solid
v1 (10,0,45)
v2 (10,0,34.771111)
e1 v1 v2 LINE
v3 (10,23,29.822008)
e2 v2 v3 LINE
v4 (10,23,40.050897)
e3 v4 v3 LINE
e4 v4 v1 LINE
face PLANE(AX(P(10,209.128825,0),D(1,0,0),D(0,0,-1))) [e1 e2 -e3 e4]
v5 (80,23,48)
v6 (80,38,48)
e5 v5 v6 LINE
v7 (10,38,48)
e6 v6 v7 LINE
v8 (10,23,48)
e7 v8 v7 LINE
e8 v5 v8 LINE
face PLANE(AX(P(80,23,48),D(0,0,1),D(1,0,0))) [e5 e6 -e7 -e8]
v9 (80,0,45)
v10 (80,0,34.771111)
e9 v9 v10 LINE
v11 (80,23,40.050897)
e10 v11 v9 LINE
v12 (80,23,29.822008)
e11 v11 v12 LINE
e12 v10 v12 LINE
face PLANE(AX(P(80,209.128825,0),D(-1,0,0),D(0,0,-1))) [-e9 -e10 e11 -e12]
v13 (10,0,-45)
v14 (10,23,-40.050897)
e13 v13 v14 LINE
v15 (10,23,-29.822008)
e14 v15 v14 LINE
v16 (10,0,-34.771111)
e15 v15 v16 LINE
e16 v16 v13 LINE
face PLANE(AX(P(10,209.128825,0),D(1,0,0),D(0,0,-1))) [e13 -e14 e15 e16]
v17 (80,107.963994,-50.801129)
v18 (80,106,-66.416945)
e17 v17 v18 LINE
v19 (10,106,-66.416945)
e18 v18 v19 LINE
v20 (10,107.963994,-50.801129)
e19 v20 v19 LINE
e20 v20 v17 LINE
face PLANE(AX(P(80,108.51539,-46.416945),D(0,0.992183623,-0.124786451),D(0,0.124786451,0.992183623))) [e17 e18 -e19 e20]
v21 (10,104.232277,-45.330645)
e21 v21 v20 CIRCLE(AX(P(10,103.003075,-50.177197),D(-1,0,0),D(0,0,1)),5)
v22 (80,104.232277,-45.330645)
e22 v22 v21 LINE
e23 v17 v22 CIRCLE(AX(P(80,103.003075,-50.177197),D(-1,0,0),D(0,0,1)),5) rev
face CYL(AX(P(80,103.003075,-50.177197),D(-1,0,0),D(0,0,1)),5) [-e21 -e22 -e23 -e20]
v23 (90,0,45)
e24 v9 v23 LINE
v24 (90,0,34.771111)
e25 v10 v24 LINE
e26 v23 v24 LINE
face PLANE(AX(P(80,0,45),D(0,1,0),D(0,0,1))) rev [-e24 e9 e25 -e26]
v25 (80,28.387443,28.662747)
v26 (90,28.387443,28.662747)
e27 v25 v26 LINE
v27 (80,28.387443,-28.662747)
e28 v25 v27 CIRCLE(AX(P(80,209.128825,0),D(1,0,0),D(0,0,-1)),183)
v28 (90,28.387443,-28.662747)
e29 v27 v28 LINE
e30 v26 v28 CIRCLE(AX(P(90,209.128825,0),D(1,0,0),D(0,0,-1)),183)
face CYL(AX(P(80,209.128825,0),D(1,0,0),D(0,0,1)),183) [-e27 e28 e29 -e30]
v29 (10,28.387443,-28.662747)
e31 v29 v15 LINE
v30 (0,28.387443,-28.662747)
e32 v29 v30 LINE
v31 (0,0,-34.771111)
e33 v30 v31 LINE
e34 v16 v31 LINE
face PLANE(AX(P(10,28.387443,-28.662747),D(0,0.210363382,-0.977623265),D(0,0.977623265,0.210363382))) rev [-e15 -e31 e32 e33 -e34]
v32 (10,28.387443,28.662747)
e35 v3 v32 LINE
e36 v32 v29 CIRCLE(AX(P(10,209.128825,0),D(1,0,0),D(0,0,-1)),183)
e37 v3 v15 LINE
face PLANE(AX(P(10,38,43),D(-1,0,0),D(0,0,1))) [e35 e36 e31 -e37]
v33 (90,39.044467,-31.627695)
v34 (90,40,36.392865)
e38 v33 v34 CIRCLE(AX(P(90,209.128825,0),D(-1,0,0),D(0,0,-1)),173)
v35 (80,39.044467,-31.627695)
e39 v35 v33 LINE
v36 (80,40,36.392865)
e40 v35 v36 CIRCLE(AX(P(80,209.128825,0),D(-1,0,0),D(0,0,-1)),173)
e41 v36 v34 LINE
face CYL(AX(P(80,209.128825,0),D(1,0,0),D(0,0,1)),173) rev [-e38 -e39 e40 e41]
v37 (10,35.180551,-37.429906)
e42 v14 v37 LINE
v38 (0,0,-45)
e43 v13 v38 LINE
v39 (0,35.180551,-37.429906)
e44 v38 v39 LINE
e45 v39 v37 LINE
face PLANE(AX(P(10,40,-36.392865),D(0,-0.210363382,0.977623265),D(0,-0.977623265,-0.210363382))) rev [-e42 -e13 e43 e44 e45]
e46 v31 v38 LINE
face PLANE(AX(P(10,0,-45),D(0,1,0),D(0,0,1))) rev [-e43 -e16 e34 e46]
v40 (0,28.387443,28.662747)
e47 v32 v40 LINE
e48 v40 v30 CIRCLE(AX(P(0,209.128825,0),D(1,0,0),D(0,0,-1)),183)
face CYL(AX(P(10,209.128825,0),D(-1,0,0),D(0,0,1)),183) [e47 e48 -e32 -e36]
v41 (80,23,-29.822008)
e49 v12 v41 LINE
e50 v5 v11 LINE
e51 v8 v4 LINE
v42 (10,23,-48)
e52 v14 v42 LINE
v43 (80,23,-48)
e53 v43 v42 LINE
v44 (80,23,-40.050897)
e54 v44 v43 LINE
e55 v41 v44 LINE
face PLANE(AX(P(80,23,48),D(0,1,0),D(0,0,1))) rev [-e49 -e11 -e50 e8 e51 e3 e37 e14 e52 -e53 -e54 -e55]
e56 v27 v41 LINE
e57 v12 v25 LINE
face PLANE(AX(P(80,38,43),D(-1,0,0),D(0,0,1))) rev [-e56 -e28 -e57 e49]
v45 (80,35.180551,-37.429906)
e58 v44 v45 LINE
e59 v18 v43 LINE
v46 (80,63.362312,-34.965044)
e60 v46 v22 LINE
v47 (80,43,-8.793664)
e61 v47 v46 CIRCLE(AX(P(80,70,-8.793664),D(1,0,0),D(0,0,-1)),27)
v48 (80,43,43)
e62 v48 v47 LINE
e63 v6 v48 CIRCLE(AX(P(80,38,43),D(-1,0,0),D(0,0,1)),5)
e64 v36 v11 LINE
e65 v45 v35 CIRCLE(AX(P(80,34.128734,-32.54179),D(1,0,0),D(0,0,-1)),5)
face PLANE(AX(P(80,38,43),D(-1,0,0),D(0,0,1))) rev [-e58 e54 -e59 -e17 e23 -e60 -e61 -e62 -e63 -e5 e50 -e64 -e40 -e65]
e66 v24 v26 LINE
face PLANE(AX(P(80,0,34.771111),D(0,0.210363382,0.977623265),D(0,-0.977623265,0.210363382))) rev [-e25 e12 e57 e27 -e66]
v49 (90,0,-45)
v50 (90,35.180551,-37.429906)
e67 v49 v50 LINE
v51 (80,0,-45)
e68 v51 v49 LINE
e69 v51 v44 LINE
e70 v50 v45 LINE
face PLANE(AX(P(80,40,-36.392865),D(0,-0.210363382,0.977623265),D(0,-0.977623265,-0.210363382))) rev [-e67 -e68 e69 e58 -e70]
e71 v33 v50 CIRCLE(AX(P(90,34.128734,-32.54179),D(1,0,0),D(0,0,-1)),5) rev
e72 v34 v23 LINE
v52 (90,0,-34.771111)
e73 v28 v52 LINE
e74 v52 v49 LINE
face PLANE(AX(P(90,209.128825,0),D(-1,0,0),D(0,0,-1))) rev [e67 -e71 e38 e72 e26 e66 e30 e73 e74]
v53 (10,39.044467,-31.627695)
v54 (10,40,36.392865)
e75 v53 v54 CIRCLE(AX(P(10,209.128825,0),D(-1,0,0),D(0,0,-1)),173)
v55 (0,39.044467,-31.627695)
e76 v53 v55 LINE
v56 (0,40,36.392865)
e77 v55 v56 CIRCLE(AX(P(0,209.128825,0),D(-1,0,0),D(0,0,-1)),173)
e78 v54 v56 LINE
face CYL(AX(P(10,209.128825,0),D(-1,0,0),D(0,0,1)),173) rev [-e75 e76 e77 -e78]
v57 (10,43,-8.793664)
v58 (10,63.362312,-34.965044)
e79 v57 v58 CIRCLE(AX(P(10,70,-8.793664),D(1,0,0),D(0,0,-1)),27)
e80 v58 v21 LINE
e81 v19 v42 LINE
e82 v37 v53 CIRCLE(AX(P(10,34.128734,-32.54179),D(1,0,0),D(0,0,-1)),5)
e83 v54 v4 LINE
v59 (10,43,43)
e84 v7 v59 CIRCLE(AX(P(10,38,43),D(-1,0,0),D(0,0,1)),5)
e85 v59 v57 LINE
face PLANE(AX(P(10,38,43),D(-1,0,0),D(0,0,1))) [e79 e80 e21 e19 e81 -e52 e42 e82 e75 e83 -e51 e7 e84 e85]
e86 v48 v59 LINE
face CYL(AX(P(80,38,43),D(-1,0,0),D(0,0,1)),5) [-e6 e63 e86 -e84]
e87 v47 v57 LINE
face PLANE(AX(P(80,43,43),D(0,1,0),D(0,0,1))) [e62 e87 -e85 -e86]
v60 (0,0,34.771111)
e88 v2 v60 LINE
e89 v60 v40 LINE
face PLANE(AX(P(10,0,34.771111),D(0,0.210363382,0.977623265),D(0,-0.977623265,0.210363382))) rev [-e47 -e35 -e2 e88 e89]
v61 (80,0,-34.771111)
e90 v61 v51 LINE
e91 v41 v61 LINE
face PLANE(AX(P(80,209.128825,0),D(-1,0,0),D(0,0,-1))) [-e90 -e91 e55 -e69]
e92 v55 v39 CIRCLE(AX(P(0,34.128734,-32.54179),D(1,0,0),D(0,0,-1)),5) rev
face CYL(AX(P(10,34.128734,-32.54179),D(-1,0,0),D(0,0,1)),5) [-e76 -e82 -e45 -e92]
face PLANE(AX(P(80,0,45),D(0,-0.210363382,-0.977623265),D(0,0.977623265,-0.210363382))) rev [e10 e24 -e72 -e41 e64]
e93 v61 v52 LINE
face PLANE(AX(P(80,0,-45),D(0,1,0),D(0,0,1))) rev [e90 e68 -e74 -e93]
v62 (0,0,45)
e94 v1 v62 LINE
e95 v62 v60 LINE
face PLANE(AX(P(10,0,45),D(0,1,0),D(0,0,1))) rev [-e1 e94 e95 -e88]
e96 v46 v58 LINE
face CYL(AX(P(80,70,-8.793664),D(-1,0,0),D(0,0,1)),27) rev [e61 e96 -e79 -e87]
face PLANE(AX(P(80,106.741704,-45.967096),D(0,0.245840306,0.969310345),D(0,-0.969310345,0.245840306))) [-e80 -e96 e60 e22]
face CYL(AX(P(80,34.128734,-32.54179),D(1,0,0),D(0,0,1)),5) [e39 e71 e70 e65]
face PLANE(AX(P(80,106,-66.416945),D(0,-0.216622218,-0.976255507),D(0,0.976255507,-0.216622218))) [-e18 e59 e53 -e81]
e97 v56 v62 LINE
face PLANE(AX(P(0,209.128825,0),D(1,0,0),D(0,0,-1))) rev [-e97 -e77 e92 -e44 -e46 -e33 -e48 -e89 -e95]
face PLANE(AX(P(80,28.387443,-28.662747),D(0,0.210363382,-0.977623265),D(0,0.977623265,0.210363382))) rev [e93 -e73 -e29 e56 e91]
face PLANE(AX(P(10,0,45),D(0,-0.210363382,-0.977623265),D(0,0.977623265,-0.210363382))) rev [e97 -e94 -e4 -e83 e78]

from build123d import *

# Parameters (mm, degrees)
BOSS_EXTRUDE1_DEPTH = 10
FILLET1_R           = 5
BOSS_EXTRUDE2_DEPTH = 35
FILLET2_R           = 5


with BuildPart() as part:
    # Sketch1 → Boss-Extrude1 (new body)
    with BuildSketch(Plane(origin=(0, 0, 0), x_dir=(0, 0, -1), z_dir=(1, 0, 0))):
        with BuildLine():
            Line((-45, 0), (-36.39286513, 40))
            ThreePointArc((-36.39286513, 40), (0, 36.128824769), (36.39286513, 40))
            Line((36.39286513, 40), (45, 0))
            Line((45, 0), (34.771110854, 0))
            Line((34.771110854, 0), (28.662747002, 28.387443413))
            ThreePointArc((28.662747002, 28.387443413), (0, 26.128824769), (-28.662747002, 28.387443413))
            Line((-28.662747002, 28.387443413), (-34.771110854, 0))
            Line((-34.771110854, 0), (-45, 0))
        make_face()
    extrude(amount=BOSS_EXTRUDE1_DEPTH)

    # Fillet1
    fillet1_edges = [part.edges().sort_by_distance(p)[0] for p in [
        (5, 40, -36.39286513),
    ]]
    fillet(fillet1_edges, radius=FILLET1_R)


with BuildPart() as body_2:
    # Mirror3: mirrored copy
    add(part.part.mirror(Plane(origin=(45, 0, 0), x_dir=(0, 0, 1), z_dir=(1, 0, 0))))


with BuildPart() as part_1:
    add(part.part)

    add(body_2.part)  # Boss-Extrude2 merges body 2
    # Sketch2 → Boss-Extrude2 (add, symmetric)
    with BuildSketch(Plane(origin=(45, 0, 0), x_dir=(0, 0, -1), z_dir=(1, 0, 0))):
        with BuildLine():
            Line((-48, 23), (48, 23))
            Line((48, 23), (66.416945106, 106))
            Line((66.416945106, 106), (46.416945106, 108.51539025))
            Line((46.416945106, 108.51539025), (45.96709586, 106.741704173))
            Line((45.96709586, 106.741704173), (34.965043573, 63.362311747))
            ThreePointArc((34.965043573, 63.362311747), (25.373507712, 48.690171483), (8.793664269, 43))
            Line((8.793664269, 43), (-43, 43))
            ThreePointArc((-43, 43), (-46.535533906, 41.535533906), (-48, 38))
            Line((-48, 38), (-48, 23))
        make_face()
    extrude(amount=BOSS_EXTRUDE2_DEPTH, both=True)

    # Fillet2
    fillet2_edges = [part_1.edges().sort_by_distance(p)[0] for p in [
        (45, 108.51539025, -46.416945106),
    ]]
    fillet(fillet2_edges, radius=FILLET2_R)


solid = part_1.part
